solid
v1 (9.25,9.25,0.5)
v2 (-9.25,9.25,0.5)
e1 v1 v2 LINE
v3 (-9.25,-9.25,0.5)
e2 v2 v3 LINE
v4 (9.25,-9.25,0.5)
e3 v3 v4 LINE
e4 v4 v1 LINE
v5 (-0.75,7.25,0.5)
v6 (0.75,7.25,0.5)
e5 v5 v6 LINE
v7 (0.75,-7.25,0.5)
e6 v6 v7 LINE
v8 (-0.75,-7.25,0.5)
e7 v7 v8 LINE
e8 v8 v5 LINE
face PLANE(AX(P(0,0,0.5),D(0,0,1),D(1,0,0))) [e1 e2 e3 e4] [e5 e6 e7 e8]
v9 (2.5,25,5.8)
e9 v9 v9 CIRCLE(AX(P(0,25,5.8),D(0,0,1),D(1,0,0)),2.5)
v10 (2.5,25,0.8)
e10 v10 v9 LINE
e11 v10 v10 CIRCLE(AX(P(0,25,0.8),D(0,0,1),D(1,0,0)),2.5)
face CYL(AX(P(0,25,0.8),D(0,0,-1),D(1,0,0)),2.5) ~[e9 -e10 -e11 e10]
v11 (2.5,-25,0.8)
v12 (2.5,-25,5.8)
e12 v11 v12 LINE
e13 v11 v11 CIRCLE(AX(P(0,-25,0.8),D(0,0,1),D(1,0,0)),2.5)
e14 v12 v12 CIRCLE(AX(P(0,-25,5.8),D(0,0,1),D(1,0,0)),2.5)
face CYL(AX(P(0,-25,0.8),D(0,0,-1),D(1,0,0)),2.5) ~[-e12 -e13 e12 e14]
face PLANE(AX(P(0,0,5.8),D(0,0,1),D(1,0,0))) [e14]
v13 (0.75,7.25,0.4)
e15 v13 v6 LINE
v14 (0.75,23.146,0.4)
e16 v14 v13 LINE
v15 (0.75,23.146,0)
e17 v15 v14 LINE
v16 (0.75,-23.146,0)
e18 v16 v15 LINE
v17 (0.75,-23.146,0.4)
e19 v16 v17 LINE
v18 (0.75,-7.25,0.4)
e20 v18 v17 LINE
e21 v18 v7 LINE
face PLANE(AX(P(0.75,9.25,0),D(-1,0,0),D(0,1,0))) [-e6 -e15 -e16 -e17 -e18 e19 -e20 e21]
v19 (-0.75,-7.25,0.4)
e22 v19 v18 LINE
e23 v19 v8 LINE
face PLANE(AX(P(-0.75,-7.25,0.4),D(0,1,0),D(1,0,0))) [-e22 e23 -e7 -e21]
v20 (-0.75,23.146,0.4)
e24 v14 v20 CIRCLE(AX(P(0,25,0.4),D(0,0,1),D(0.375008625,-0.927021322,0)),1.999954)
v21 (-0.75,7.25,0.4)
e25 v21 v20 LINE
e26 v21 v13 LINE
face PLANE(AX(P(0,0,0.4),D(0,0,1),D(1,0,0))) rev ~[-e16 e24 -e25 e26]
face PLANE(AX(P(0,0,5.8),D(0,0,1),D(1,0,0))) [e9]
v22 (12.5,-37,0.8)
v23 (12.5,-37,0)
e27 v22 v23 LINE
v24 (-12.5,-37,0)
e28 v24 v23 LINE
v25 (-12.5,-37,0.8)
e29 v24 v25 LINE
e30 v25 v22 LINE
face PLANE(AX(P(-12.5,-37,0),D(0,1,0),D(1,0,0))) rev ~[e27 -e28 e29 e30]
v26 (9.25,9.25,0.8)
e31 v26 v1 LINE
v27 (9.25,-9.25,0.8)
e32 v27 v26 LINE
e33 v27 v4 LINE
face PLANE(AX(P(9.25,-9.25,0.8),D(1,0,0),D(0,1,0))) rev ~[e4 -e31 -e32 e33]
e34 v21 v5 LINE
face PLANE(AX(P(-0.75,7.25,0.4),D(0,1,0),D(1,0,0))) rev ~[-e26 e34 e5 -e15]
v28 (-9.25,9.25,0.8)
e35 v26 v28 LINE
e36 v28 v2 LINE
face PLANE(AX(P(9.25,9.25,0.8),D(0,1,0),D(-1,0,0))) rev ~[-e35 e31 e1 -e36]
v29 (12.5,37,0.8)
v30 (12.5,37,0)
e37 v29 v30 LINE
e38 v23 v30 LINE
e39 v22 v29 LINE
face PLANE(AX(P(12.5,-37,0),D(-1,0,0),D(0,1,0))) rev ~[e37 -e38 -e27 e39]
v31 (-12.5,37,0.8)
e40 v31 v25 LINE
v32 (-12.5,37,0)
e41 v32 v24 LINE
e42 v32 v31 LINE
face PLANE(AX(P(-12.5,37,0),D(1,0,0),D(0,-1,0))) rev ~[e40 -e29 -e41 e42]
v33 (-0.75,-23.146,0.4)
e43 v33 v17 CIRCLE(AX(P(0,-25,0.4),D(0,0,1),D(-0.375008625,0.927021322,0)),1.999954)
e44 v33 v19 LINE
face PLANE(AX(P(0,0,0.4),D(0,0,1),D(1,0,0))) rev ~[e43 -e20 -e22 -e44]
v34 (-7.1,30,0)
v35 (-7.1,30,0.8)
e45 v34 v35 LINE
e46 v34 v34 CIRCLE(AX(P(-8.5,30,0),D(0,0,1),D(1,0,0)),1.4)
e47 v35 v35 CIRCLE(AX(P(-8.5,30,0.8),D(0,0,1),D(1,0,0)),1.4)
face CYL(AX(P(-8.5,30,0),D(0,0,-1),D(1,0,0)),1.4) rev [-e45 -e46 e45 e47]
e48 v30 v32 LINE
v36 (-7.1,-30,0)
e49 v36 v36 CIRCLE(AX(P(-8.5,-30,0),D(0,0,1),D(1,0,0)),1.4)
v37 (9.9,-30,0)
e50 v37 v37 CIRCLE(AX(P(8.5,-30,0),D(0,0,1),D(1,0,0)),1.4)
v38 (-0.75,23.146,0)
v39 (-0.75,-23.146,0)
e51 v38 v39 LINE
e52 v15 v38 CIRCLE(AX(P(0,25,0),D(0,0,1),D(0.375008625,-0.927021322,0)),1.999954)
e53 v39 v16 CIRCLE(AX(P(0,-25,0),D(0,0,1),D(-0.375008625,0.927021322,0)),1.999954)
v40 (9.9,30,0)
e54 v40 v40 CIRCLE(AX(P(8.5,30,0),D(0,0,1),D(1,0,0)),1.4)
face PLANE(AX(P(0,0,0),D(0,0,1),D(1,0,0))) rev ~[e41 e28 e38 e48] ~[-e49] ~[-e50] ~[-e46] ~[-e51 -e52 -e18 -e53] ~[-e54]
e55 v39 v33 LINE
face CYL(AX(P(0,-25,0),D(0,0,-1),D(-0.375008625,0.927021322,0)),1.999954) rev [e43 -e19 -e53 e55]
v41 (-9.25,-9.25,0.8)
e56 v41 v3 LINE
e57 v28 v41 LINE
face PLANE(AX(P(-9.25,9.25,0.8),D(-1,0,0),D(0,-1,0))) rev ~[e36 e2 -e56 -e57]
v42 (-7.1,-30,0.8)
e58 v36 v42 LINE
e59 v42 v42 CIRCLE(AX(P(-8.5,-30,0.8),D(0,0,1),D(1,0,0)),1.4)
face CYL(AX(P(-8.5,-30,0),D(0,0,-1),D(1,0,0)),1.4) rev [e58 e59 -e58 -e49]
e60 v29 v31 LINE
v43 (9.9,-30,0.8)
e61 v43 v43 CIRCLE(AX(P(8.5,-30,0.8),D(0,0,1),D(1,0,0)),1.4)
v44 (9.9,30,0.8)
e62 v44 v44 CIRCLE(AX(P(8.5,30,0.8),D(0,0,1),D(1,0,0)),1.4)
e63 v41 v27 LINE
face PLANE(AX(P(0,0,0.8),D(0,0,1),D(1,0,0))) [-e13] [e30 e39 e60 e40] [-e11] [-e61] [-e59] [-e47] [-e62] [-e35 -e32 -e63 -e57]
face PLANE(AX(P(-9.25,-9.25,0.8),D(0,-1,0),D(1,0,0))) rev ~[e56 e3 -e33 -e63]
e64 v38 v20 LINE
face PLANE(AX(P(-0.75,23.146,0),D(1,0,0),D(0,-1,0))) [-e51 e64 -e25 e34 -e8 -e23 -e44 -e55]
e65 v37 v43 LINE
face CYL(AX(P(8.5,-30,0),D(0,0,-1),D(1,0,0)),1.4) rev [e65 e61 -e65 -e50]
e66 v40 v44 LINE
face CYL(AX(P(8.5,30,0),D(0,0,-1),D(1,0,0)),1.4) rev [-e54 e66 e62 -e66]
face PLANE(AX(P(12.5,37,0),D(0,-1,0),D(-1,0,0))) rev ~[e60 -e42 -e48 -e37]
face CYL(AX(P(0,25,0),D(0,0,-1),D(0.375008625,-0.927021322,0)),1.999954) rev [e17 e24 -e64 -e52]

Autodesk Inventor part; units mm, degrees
ref_plane "YZ Plane" through (0, 0, 0) normal (1, 0, 0) x (0, 1, 0)
ref_plane "XZ Plane" through (0, 0, 0) normal (0, 1, 0) x (-1, 0, 0)
ref_plane "XY Plane" through (0, 0, 0) normal (0, 0, 1) x (1, 0, 0)
ref_plane "Arbeitsebene1" through (0, 0, 0) normal (0, 0, 1) x (1, 0, 0)
sketch "Skizze1" plane through (0, 0, 0) normal (0, 0, 1) x (1, 0, 0)
  line L0 (-12.5, 37) -> (-12.5, -37) projected
  line L1 (-12.5, -37) -> (12.5, -37) projected
  line L2 (12.5, -37) -> (12.5, 37) projected
  line L3 (12.5, 37) -> (-12.5, 37) projected
  circle A0 centre (8.5, 30) radius 1.4 projected
  circle A1 centre (-8.5, 30) radius 1.4 projected
  circle A2 centre (-8.5, -30) radius 1.4 projected
  circle A3 centre (8.5, -30) radius 1.4 projected
  line L4 (9.25, 9.25) -> (9.25, -9.25) projected
  line L5 (9.25, -9.25) -> (-9.25, -9.25) projected
  line L6 (-9.25, -9.25) -> (-9.25, 9.25) projected
  line L7 (-9.25, 9.25) -> (9.25, 9.25) projected
  arc A4 (0.75, 23.146) -> (-0.75, 23.146) centre (0, 25) ccw projected
  line L8 (0.75, -23.146) -> (0.75, 23.146) projected
  arc A5 (-0.75, -23.146) -> (0.75, -23.146) centre (0, -25) ccw projected
  line L9 (-0.75, 23.146) -> (-0.75, -23.146) projected
  point P0 (0, 0)
extrude "Extrusion1" add sketch "Skizze1" along normal blind 0.4 contours L3 L2 L1 L0 | L4 L5 L8 L7 | L9 L5 L6 L7
sketch "Skizze2" plane through (0, 0, 0.4) normal (0, 0, 1) x (1, 0, 0)
  arc A0 (0.75, 23.146) -> (-0.75, 23.146) centre (0, 25) ccw projected
  line L0 (-12.5, -37) -> (12.5, -37) projected
  line L1 (12.5, -37) -> (12.5, 37) projected
  line L2 (12.5, 37) -> (-12.5, 37) projected
  line L3 (-12.5, 37) -> (-12.5, -37) projected
  circle A1 centre (8.5, -30) radius 1.4 projected
  circle A2 centre (-8.5, -30) radius 1.4 projected
  circle A3 centre (-8.5, 30) radius 1.4 projected
  circle A4 centre (8.5, 30) radius 1.4 projected
  line L4 (0.75, 23.146) -> (0.75, -23.146) projected
  arc A5 (-0.75, -23.146) -> (0.75, -23.146) centre (0, -25) ccw projected
  line L5 (-0.75, -23.146) -> (-0.75, 23.146) projected
  arc A6 (0.75, 23.146) -> (-0.75, 23.146) centre (0, 25) ccw projected
  circle A7 centre (0, 25) radius 2.5
  line L6 (-9.25, 9.25) -> (9.25, 9.25) projected
  line L7 (9.25, -9.25) -> (-9.25, -9.25) projected
  line L8 (0.75, 23.146) -> (0.75, -23.146) projected
  line L9 (0.75, 22.6152) -> (-0.75, 22.6152)
  line L10 (-0.75, 22.6152) -> (-0.75, 9.25)
  line L11 (-0.75, 9.25) -> (0.75, 9.25)
  line L12 (0.75, 9.25) -> (0.75, 22.6152)
  line L13 (-0.75, -23.146) -> (-0.75, 23.146) projected
  line L14 (0.75, -9.25) -> (-0.75, -9.25)
  line L15 (-0.75, -9.25) -> (-0.75, -23.146)
  line L16 (-0.75, -23.146) -> (0.75, -23.146)
  line L17 (0.75, -23.146) -> (0.75, -9.25)
  arc A8 (-0.75, -23.146) -> (0.75, -23.146) centre (0, -25) ccw projected
  circle A9 centre (0, -25) radius 2.5
  line L18 (0.75, 9.25) -> (-0.75, 9.25)
  line L19 (-0.75, 9.25) -> (-0.75, 7.25)
  line L20 (-0.75, 7.25) -> (0.75, 7.25)
  line L21 (0.75, 7.25) -> (0.75, 9.25)
  line L22 (0.75, -9.25) -> (-0.75, -9.25)
  line L23 (-0.75, -9.25) -> (-0.75, -7.25)
  line L24 (-0.75, -7.25) -> (0.75, -7.25)
  line L25 (0.75, -7.25) -> (0.75, -9.25)
  point P0 (0, 0)
  point P1 (0.75, -9.25)
  point P2 (0.75, 9.25)
  point P3 (0.75, -7.25)
  dimension "d2" = 5
  dimension "d11" = 1.5
  dimension "d12" = 2
  dimension "d13" = 2
extrude "Extrusion2" add sketch "Skizze2" along normal blind 0.4 contours L4 L9 L5 A0 | A0 L5 A7 L4 | L4 L6 L5 A7 | A7 L9 | L4 L20 L5 L6 | L4 L7 L5 L24 | L4 A9 L5 L7 | A9 L5 A5 L4 | L4 L16 L5 A9 | A5 L16 | L3 L2 L1 L0
sketch "Skizze3" plane through (0, 0, 0.8) normal (0, 0, 1) x (1, 0, 0)
  arc A0 (0.75, 23.146) -> (-0.75, 23.146) centre (0, 25) ccw projected
  arc A1 (-0.75, -23.146) -> (0.75, -23.146) centre (0, -25) ccw projected
  arc A2 (0.75, 23.146) -> (-0.75, 23.146) centre (0, 25) ccw projected
  circle A3 centre (0, 25) radius 2.5
  circle A4 centre (0, -25) radius 2.5
  point P0 (0, 0)
  dimension "d5" = 5
  dimension "d6" = 5
extrude "Extrusion3" add sketch "Skizze3" along normal blind 5
sketch "Skizze4" plane through (0, 0, 0.8) normal (0, 0, 1) x (1, 0, 0)
  circle A0 centre (0, -25) radius 2.5 projected
  circle A1 centre (0, 25) radius 2.5 projected
  line L0 (12.5, -37) -> (12.5, 37) projected
  line L1 (12.5, 37) -> (-12.5, 37) projected
  line L2 (-12.5, 37) -> (-12.5, -37) projected
  line L3 (-12.5, -37) -> (12.5, -37) projected
  line L4 (-0.75, -7.25) -> (-0.75, 7.25) projected
  line L5 (0.75, 7.25) -> (0.75, -7.25) projected
  circle A2 centre (8.5, -30) radius 1.4 projected
  circle A3 centre (-8.5, -30) radius 1.4 projected
  circle A4 centre (-8.5, 30) radius 1.4 projected
  circle A5 centre (8.5, 30) radius 1.4 projected
  line L6 (-9.25, -9.25) -> (9.25, -9.25)
  line L7 (9.25, -9.25) -> (9.25, 9.25)
  line L8 (9.25, 9.25) -> (-9.25, 9.25)
  line L9 (-9.25, 9.25) -> (-9.25, -9.25)
  line L10 (-9.25, -9.25) -> (9.25, 9.25) construction
  line L11 (9.25, -9.25) -> (-9.25, 9.25) construction
  line L12 (0.75, -7.25) -> (-0.75, -7.25) projected
  line L13 (-0.75, 7.25) -> (0.75, 7.25) projected
  point P0 (0, 0)
  dimension "d9" = 18.5
  dimension "d10" = 18.5
extrude "Extrusion4" cut sketch "Skizze4" against normal blind 0.3 contours L9 L8 L7 L6
equation "\"d7\" = d6"
properties part number "40_microfluidic_chip_lightsheet_layer1_negative_v0"
